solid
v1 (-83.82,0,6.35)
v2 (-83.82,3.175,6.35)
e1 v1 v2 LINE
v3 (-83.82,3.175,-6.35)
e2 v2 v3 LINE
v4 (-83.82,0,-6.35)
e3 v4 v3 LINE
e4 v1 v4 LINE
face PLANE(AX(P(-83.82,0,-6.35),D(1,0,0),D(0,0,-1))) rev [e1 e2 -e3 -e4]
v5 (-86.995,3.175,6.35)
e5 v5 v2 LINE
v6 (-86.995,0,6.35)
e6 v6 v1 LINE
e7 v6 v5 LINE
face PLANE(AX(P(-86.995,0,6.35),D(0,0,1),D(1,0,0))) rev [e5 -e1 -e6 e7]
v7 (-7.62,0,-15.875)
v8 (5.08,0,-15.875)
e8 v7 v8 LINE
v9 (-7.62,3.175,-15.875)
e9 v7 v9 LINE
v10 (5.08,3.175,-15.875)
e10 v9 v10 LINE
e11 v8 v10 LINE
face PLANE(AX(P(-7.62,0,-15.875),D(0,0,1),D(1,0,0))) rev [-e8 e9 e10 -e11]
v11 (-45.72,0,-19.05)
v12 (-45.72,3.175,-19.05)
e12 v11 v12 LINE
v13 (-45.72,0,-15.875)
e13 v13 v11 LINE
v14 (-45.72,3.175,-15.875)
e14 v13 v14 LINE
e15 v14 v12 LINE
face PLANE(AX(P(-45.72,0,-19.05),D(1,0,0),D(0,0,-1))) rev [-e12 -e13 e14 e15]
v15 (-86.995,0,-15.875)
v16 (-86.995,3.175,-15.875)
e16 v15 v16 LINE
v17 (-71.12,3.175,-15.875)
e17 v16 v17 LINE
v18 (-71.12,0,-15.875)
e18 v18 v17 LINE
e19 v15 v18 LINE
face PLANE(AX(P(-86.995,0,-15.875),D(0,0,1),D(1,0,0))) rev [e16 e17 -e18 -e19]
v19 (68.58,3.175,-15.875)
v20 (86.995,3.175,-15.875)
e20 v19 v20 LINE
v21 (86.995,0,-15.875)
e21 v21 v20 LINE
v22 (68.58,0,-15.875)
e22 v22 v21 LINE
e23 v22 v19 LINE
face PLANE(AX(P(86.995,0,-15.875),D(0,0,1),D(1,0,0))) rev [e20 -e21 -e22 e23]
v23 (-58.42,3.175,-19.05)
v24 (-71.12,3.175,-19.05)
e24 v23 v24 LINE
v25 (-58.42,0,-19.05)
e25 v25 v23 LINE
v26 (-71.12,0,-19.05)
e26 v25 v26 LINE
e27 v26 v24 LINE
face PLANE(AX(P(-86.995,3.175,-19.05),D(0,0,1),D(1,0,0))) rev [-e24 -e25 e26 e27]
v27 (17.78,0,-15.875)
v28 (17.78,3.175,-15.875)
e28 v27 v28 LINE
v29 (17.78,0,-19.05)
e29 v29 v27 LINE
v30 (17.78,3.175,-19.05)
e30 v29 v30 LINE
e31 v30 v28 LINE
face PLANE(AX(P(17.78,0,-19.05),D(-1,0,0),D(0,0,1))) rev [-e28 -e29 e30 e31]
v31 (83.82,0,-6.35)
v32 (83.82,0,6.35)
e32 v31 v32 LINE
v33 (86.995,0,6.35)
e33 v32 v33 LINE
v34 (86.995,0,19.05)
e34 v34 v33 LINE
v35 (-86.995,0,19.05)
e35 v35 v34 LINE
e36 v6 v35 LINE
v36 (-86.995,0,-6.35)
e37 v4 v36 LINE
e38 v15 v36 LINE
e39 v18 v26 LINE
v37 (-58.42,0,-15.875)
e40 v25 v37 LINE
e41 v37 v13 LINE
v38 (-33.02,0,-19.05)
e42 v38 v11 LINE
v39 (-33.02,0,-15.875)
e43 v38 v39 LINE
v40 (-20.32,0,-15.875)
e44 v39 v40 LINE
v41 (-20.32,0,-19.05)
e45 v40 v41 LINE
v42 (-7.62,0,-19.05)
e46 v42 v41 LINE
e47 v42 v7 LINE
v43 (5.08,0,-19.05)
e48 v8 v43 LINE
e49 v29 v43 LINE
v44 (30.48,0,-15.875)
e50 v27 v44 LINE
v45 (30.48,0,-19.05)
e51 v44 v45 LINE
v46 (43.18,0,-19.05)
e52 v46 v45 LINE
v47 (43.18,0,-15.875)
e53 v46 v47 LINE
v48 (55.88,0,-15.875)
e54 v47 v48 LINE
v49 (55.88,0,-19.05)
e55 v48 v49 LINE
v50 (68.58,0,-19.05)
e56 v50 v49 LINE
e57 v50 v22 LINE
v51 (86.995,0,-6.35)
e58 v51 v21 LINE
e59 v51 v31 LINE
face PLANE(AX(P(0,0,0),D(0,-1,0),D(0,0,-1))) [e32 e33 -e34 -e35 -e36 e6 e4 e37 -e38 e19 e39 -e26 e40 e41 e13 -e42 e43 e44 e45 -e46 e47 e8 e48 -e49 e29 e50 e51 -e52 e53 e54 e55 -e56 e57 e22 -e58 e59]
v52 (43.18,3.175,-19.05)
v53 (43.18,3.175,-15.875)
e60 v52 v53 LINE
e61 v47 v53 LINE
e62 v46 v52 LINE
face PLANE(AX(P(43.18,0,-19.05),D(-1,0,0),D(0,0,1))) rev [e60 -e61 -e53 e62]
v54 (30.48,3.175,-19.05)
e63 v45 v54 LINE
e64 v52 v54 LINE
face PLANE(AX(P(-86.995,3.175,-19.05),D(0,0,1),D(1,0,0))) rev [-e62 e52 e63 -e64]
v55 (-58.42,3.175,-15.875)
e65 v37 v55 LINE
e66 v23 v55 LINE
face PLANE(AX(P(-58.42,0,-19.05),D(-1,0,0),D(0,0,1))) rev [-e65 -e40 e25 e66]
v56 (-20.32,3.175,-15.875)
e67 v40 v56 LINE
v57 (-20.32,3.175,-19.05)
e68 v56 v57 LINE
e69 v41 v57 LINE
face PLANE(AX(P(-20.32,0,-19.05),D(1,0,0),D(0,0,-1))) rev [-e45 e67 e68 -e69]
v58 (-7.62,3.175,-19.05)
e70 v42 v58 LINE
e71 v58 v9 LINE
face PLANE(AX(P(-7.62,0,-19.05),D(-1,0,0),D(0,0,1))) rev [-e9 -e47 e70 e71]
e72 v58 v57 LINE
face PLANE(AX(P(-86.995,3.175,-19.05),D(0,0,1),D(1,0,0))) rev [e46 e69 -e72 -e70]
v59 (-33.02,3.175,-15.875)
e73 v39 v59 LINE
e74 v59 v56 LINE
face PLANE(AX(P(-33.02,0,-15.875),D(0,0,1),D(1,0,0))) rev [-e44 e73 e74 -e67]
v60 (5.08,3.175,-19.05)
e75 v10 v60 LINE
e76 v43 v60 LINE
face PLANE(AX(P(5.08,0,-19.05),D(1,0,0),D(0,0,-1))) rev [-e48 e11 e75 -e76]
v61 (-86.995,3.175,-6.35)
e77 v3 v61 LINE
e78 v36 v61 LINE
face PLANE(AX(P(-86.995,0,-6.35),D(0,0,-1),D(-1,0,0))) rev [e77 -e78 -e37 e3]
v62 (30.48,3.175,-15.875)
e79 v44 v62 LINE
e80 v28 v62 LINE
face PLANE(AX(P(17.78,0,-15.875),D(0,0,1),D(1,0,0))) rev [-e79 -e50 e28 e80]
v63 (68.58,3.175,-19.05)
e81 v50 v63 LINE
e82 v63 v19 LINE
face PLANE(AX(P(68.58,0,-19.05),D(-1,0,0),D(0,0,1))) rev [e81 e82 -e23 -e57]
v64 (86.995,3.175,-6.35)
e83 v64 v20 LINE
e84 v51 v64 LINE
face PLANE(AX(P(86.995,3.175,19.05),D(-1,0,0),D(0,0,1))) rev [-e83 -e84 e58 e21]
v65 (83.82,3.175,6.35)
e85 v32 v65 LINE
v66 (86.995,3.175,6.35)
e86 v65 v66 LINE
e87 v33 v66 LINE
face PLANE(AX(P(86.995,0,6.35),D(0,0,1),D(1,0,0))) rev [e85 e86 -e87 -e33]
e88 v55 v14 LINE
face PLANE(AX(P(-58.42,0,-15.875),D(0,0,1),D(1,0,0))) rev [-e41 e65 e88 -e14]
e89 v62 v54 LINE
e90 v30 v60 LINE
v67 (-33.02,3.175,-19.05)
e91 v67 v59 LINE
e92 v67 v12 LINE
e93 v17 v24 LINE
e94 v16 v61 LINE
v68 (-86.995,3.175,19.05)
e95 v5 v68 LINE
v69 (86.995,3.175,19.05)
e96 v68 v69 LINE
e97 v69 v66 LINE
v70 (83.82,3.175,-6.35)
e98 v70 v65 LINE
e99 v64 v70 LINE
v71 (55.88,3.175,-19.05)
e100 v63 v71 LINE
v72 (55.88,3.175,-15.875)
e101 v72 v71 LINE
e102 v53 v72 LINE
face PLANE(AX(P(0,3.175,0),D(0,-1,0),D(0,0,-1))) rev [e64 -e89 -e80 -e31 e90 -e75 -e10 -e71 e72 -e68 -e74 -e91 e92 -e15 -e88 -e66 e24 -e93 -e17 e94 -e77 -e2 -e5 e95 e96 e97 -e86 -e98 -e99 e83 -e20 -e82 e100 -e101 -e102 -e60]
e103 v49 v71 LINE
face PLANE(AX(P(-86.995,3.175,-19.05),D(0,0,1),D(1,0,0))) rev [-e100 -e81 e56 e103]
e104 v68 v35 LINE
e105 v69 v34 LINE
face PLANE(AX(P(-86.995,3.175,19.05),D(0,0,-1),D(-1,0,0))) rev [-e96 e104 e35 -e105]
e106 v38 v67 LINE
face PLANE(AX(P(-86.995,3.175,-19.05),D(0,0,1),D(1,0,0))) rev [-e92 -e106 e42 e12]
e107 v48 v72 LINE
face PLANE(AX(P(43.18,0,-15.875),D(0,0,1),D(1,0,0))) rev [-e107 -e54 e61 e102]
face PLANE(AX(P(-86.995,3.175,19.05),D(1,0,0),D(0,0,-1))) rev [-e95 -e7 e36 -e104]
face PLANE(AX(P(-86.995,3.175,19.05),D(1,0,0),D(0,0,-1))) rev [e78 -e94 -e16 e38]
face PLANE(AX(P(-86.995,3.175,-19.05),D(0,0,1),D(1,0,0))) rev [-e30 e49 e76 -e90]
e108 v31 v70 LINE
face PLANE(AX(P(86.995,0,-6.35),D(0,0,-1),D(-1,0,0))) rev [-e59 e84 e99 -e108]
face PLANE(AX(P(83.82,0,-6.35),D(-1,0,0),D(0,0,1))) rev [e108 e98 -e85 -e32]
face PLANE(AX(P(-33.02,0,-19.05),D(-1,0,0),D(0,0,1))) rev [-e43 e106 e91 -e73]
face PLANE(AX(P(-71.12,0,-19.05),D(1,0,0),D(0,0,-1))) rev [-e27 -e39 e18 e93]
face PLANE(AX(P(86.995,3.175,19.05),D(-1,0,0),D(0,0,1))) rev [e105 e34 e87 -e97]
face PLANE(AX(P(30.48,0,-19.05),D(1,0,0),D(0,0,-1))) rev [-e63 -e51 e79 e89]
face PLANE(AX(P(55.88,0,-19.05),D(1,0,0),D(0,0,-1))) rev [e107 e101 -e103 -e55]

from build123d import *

# Parameters (mm, degrees)
SKETCH1_W           = 173.99
SKETCH1_H           = 38.1
BOSS_EXTRUDE1_DEPTH = 3.175
SKETCH2_W           = 15.875
SKETCH2_H           = 3.175
SKETCH2_W_2         = 12.7
SKETCH2_W_3         = 3.175
SKETCH2_H_2         = 12.7
CUT_EXTRUDE1_DEPTH  = 3.175


with BuildPart() as part:
    # Sketch1 → Boss-Extrude1 (new body)
    with BuildSketch(Plane(origin=(0, 0, 0), x_dir=(1, 0, 0), z_dir=(0, 1, 0))):
        Rectangle(SKETCH1_W, SKETCH1_H)
    extrude(amount=BOSS_EXTRUDE1_DEPTH)

    # Sketch2 → Cut-Extrude1 (cut)
    with BuildSketch(Plane(origin=(0, 3.175, 0), x_dir=(1, 0, 0), z_dir=(0, 1, 0))):
        with Locations((-79.0575, 17.4625)):
            Rectangle(SKETCH2_W, SKETCH2_H)
        with Locations((-52.07, 17.4625)):
            Rectangle(SKETCH2_W_2, SKETCH2_H)
        with Locations((-26.67, 17.4625)):
            Rectangle(SKETCH2_W_2, SKETCH2_H)
        with Locations((-1.27, 17.4625)):
            Rectangle(SKETCH2_W_2, SKETCH2_H)
        with Locations((24.13, 17.4625)):
            Rectangle(SKETCH2_W_2, SKETCH2_H)
        with Locations((49.53, 17.4625)):
            Rectangle(SKETCH2_W_2, SKETCH2_H)
        Polygon((68.58, 19.05), (68.58, 15.875), (81.28, 15.875), (86.995, 15.875), (86.995, 19.05), (81.28, 19.05), align=None)
        with Locations((-85.4075, 0)):
            Rectangle(SKETCH2_W_3, SKETCH2_H_2)
        with Locations((85.4075, 0)):
            Rectangle(SKETCH2_W_3, SKETCH2_H_2)
    extrude(amount=-CUT_EXTRUDE1_DEPTH, mode=Mode.SUBTRACT)


solid = part.part
